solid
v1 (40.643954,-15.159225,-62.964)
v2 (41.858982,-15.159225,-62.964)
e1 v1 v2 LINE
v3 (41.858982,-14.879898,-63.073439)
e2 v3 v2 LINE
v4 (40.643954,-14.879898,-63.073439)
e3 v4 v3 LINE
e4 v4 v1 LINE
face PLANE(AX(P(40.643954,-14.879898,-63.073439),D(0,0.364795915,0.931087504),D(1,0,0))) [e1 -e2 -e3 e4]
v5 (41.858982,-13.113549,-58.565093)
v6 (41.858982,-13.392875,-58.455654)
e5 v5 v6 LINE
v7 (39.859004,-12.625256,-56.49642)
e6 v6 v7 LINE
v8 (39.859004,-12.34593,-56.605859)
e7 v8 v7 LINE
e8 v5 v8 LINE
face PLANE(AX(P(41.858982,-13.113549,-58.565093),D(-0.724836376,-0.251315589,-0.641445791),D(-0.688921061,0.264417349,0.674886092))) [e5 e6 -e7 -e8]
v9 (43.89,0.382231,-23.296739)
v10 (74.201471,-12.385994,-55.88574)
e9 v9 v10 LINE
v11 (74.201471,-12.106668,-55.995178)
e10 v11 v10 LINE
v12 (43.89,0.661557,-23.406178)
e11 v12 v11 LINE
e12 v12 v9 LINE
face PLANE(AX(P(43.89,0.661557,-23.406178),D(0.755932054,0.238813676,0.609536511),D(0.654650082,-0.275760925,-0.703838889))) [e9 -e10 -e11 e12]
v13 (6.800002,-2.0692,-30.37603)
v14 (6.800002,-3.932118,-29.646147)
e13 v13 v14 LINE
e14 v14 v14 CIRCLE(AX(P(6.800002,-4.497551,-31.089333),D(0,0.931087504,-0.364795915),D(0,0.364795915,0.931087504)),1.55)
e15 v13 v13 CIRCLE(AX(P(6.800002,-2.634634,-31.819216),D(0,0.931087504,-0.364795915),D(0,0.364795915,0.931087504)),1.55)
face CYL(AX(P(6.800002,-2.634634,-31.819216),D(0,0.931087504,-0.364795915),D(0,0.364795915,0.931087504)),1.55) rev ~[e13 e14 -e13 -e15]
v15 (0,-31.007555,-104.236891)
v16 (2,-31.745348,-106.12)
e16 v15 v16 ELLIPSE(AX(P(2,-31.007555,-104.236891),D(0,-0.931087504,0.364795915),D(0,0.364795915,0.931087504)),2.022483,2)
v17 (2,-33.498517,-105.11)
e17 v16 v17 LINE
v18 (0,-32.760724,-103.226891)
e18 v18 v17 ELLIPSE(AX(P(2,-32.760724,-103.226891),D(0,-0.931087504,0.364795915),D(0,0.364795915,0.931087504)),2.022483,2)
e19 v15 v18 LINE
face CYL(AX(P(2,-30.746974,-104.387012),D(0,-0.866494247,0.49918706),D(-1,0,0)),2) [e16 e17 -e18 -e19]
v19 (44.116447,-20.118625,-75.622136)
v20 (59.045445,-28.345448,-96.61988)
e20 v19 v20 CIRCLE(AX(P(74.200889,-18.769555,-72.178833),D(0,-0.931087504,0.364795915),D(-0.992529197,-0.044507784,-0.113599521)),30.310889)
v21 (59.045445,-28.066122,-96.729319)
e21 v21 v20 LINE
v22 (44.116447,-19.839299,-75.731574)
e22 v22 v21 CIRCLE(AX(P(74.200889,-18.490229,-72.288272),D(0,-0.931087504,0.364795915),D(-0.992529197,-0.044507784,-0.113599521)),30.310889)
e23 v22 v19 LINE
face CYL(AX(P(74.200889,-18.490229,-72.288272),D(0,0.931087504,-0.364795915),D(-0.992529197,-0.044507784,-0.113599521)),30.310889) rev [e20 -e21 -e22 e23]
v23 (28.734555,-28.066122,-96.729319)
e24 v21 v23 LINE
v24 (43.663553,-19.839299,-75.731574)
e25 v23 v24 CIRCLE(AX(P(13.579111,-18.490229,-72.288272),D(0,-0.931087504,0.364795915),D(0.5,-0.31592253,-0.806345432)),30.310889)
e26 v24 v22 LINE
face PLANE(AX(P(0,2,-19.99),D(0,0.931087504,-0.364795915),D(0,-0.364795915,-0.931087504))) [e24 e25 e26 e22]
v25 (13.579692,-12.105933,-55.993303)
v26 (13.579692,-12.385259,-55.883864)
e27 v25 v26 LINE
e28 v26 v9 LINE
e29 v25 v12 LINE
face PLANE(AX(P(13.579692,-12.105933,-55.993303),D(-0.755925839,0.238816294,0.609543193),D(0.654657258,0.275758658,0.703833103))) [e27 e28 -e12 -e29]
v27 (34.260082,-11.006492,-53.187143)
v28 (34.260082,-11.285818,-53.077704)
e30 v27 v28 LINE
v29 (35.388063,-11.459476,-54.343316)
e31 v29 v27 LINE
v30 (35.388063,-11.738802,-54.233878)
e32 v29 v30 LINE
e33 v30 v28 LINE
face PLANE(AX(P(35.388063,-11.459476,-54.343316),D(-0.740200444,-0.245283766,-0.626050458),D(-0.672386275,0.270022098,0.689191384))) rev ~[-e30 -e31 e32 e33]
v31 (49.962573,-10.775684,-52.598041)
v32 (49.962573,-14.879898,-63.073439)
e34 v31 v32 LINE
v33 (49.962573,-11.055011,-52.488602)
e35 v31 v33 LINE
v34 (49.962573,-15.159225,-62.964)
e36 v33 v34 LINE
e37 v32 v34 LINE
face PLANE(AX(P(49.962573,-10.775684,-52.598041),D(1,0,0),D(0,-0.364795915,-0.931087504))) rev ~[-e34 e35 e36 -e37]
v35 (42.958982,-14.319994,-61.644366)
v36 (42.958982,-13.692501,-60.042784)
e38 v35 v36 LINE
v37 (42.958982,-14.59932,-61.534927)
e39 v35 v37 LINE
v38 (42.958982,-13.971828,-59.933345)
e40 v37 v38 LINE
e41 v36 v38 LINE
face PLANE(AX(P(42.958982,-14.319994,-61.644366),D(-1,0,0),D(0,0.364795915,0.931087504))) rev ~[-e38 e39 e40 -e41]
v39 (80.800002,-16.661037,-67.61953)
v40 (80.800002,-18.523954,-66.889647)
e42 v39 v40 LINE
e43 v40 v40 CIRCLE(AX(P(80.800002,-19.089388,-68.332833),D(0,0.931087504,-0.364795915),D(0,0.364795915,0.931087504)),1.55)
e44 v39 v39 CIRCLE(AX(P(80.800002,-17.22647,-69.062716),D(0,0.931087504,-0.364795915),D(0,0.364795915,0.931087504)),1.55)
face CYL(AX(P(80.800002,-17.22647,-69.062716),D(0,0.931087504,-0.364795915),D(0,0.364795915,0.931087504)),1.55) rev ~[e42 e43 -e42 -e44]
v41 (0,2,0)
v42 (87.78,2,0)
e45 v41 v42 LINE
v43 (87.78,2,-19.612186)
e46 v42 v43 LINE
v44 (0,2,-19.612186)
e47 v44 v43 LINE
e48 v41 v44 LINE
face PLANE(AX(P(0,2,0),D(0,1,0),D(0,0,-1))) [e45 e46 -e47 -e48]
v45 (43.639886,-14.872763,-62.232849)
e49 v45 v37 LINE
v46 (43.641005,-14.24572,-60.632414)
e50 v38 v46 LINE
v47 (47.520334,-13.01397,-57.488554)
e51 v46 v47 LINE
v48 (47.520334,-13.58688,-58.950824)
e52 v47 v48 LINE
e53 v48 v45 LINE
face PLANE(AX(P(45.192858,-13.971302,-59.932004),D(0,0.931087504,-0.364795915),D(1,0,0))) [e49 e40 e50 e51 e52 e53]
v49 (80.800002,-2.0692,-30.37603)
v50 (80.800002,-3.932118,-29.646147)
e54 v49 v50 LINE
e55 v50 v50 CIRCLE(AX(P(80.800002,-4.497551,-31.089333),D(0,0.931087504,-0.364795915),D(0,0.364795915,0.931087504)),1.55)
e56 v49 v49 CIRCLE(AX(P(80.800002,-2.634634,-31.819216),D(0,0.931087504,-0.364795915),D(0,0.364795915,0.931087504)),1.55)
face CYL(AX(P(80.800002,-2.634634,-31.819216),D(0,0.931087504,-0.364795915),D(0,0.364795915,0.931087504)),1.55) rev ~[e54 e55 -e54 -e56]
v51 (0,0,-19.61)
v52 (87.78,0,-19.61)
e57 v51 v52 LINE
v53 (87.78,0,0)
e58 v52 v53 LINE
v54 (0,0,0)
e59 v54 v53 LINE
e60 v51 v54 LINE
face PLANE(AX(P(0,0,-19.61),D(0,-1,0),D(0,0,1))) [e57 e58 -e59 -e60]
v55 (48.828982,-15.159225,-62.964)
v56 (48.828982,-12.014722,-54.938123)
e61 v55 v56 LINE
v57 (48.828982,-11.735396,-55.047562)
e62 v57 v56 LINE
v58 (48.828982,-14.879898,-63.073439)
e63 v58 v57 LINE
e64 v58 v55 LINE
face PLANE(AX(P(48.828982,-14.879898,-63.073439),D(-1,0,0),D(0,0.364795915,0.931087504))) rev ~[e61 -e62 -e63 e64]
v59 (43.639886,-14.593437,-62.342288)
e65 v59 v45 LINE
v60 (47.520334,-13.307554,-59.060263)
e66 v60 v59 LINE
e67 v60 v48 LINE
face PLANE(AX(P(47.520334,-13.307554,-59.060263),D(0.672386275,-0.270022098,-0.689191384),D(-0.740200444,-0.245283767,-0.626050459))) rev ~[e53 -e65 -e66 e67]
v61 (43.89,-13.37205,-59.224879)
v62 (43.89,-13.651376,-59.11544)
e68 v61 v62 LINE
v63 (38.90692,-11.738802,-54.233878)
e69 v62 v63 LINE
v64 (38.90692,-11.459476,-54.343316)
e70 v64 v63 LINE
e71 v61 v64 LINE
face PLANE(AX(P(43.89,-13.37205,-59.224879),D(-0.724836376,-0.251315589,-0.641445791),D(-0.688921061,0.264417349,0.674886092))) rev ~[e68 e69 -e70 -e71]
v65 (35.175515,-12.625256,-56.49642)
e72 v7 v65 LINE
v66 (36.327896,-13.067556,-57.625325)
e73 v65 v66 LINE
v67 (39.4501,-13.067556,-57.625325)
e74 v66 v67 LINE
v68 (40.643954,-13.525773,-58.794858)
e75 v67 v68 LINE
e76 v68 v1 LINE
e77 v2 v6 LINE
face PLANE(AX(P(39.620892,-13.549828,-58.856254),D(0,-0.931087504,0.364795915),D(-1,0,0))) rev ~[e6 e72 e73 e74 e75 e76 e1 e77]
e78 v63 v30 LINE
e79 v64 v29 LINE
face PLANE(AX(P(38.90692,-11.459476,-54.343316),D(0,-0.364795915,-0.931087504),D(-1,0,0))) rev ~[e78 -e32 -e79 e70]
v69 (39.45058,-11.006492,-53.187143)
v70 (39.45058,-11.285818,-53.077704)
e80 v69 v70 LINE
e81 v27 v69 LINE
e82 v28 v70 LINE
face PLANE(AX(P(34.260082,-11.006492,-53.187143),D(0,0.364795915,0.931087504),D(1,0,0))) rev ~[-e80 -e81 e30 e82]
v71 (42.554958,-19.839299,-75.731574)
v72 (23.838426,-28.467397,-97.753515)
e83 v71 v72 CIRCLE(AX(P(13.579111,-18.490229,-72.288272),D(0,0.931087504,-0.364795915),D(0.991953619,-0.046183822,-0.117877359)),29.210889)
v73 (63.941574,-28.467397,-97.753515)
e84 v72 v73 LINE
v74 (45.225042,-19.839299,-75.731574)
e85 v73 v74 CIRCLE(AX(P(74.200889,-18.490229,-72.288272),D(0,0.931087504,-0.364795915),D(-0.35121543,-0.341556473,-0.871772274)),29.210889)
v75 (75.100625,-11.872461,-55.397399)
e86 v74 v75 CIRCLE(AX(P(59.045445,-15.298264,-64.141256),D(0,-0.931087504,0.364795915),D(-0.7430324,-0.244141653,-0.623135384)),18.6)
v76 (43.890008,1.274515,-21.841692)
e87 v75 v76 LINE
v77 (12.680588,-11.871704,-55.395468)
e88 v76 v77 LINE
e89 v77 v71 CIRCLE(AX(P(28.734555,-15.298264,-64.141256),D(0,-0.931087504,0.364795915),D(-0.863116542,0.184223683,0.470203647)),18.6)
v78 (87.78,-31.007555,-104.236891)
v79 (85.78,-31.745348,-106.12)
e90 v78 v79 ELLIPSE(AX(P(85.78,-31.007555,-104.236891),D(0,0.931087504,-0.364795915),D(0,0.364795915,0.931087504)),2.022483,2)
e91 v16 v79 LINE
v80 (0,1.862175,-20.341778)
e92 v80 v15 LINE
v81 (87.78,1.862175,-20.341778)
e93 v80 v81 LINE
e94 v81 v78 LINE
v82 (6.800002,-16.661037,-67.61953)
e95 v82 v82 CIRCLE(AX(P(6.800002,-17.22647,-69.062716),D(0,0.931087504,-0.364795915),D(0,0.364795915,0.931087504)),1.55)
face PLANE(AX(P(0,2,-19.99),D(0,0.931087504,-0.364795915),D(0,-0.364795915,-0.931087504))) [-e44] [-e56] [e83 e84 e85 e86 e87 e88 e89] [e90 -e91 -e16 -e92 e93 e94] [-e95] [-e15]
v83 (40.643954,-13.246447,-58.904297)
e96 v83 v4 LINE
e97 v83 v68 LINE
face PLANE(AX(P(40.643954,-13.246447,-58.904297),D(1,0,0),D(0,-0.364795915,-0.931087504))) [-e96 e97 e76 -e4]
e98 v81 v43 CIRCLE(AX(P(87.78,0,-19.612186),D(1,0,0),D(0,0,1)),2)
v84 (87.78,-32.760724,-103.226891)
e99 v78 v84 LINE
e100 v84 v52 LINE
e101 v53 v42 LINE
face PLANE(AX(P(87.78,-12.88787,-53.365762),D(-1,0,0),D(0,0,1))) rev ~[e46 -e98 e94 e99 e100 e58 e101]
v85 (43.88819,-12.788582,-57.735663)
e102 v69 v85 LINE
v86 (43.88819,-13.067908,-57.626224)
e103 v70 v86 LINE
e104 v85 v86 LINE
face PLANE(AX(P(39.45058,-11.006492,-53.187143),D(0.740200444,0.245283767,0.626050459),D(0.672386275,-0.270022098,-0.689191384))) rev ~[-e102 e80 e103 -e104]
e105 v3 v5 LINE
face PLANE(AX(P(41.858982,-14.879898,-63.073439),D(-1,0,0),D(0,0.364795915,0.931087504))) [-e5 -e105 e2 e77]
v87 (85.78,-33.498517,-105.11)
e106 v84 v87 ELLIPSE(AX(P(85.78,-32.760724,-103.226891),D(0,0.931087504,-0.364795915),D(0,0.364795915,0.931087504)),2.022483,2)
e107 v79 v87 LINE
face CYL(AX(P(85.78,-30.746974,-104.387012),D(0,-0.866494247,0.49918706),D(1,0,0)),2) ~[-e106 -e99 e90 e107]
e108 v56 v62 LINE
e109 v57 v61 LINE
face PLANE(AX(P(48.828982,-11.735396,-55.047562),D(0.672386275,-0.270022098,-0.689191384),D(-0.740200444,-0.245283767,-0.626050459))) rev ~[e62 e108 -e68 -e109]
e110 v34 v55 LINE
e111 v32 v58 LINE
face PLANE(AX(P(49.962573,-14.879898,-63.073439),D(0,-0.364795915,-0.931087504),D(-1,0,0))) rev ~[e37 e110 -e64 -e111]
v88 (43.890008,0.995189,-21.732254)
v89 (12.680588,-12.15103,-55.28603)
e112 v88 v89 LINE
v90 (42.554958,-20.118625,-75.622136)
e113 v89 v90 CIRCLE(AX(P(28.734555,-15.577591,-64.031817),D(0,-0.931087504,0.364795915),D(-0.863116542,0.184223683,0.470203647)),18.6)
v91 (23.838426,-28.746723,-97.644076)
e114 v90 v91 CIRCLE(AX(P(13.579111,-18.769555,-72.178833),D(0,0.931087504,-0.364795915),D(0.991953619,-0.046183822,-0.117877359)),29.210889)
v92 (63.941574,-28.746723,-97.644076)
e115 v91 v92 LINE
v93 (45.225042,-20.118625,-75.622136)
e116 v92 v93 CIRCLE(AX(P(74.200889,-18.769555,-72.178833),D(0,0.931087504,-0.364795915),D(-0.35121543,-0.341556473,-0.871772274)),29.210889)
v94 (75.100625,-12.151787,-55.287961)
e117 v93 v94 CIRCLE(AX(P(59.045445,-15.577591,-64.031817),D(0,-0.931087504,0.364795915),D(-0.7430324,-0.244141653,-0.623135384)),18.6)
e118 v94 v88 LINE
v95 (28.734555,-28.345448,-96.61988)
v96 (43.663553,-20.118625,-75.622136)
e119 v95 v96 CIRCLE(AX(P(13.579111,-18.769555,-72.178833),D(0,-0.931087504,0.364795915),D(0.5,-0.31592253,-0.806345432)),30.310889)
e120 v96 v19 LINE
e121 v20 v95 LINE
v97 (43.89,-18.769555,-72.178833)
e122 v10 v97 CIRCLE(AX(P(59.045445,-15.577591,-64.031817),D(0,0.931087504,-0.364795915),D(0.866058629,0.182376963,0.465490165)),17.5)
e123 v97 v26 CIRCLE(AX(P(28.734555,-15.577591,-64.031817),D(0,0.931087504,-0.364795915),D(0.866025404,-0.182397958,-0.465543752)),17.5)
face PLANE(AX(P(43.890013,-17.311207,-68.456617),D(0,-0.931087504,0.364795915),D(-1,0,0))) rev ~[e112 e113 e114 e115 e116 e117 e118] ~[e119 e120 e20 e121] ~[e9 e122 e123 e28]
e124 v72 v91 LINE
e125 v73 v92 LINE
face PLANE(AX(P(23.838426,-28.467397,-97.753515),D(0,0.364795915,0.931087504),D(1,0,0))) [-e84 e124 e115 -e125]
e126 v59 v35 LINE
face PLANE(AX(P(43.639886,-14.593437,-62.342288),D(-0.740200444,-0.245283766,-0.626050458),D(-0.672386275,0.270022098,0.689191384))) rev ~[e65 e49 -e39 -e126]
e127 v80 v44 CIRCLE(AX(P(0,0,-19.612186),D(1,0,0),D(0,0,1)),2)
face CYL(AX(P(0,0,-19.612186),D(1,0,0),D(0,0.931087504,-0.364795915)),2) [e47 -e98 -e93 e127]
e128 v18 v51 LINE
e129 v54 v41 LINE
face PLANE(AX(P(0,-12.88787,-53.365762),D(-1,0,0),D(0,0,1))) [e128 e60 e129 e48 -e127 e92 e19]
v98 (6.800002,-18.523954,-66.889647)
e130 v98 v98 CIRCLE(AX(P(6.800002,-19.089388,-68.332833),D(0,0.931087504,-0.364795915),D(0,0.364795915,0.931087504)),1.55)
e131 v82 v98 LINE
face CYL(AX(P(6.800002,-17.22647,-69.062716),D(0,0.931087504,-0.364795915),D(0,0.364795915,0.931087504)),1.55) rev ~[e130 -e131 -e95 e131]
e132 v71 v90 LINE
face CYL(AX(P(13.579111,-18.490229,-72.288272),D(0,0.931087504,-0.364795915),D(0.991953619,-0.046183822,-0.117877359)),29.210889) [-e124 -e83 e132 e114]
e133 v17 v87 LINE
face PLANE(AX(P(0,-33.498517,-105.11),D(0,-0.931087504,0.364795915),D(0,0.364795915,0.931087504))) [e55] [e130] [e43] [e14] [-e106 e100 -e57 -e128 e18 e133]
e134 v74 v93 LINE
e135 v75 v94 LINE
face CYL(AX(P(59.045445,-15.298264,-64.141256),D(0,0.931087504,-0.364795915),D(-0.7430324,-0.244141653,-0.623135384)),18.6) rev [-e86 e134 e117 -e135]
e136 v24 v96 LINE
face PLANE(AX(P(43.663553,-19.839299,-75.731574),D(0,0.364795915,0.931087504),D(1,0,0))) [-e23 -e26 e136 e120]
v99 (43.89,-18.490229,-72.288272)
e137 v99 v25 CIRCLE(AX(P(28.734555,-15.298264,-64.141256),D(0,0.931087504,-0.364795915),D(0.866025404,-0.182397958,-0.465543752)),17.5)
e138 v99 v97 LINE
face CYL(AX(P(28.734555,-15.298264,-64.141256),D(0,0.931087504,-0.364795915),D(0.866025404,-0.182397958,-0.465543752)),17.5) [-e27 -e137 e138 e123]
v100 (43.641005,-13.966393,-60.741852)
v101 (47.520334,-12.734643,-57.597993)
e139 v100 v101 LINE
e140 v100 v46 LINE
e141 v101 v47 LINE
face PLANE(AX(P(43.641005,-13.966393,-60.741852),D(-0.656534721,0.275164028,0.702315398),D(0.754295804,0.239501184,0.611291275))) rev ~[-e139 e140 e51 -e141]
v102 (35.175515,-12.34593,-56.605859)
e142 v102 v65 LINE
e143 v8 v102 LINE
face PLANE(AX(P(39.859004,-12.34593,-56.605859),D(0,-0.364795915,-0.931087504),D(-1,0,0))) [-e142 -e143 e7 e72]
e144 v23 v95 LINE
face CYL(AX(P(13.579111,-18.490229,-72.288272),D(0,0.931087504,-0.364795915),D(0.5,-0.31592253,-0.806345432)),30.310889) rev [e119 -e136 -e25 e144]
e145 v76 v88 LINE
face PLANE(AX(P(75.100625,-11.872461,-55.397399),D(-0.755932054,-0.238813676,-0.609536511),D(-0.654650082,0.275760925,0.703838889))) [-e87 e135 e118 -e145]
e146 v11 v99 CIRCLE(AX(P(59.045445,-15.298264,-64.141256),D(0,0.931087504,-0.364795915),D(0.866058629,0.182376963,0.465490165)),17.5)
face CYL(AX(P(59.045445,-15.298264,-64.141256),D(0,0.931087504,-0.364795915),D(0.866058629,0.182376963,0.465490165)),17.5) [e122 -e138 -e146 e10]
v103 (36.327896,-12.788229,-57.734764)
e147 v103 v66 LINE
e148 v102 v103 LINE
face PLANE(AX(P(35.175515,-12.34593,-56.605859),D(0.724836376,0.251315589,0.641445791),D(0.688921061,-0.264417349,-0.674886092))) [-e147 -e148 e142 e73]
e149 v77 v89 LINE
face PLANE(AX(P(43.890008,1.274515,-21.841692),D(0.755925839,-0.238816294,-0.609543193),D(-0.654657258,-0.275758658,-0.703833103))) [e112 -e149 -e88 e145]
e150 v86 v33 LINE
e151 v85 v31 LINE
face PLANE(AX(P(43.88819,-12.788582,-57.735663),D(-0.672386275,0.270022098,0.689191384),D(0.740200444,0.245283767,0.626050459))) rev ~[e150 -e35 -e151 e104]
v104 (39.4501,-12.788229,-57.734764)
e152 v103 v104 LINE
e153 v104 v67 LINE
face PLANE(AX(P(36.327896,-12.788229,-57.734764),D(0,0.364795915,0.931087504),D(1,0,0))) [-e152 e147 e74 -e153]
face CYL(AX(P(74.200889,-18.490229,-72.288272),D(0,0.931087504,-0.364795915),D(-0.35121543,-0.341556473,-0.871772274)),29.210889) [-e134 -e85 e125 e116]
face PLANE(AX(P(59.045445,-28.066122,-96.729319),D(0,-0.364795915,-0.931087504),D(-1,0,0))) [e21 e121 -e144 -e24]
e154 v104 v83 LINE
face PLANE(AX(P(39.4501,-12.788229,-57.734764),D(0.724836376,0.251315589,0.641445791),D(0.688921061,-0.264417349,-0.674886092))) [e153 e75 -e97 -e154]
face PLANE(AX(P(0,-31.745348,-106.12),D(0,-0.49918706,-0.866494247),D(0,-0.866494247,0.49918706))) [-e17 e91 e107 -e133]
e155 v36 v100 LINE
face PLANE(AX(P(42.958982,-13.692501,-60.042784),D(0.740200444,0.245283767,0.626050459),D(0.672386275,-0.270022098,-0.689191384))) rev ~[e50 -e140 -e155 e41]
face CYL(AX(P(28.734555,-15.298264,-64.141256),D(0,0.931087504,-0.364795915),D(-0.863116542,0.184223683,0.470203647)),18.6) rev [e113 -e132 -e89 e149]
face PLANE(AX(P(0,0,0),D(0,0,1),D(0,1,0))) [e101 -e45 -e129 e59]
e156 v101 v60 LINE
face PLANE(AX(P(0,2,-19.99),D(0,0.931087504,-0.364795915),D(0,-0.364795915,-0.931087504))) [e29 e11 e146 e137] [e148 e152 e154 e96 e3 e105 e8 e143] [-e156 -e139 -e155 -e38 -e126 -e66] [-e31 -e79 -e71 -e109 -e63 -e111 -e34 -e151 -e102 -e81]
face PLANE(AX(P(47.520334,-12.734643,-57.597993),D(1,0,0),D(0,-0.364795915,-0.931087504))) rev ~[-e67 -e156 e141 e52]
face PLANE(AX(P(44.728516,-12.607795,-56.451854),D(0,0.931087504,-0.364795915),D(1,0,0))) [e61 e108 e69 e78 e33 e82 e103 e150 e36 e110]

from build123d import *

# Parameters (mm, degrees)
RESSALTO_EXTRUS_O1_DEPTH = 87.78
ESBO_O2_R                = 1.55
CORTE_EXTRUS_O1_DEPTH    = 2.000797456
FILETE1_R                = 2
FILETE2_R                = 2
CORTE_EXTRUS_O2_DEPTH    = 0.3
CORTE_EXTRUS_O3_DEPTH    = 0.3


with BuildPart() as part:
    # Esboço1 → Ressalto-extrusão1 (new body)
    with BuildSketch(Plane(origin=(0, 0, 0), x_dir=(0, 0, -1), z_dir=(1, 0, 0))):
        Polygon((0, 2), (19.99, 2), (106.12, -31.745348352), (105.11, -33.498517173), (19.61, 0), (0, 0), align=None)
    extrude(amount=RESSALTO_EXTRUS_O1_DEPTH)

    # Esboço2 → Corte-extrusão1 (cut)
    with BuildSketch(Plane(origin=(0, 8.523589674, -3.33950427), x_dir=(1, 0, 0), z_dir=(0, 0.9310875040982999, -0.36479591515256676))):
        with Locations(Location((80.80000159, 30.587577749, 0), (0, 0, 270))):
            Circle(ESBO_O2_R)
        with Locations(Location((6.80000159, 30.587577749, 0), (0, 0, 270))):
            Circle(ESBO_O2_R)
        with Locations(Location((80.80000159, 70.587577749, 0), (0, 0, 270))):
            Circle(ESBO_O2_R)
        with Locations(Location((6.80000159, 70.587577749, 0), (0, 0, 270))):
            Circle(ESBO_O2_R)
    extrude(amount=-CORTE_EXTRUS_O1_DEPTH, mode=Mode.SUBTRACT)

    # Filete1
    filete1_edges = [part.edges().sort_by_distance(p)[0] for p in [
        (87.78, -32.621932763, -105.615),
        (0, -32.621932763, -105.615),
    ]]
    fillet(filete1_edges, radius=FILETE1_R)

    # Filete2
    filete2_edges = [part.edges().sort_by_distance(p)[0] for p in [
        (43.89, 2, -19.99),
    ]]
    fillet(filete2_edges, radius=FILETE2_R)

    # Esboço5 → Corte-extrusão2 (cut)
    with BuildSketch(Plane(origin=(0, 8.523589674, -3.33950427), x_dir=(1, 0, 0), z_dir=(0, 0.9310875040982999, -0.36479591515256676))):
        with BuildLine():
            ThreePointArc((42.554958064, 77.750017871), (36.485484967, 92.178478749), (23.83842585, 101.401866557))
            Line((23.83842585, 101.401866557), (63.94157415, 101.401866557))
            ThreePointArc((63.94157415, 101.401866557), (51.294515033, 92.178478749), (45.225041936, 77.750017871))
            ThreePointArc((45.225041936, 77.750017871), (70.022049562, 80.317662999), (75.100625445, 55.910851333))
            Line((75.100625445, 55.910851333), (43.890007976, 19.871588801))
            Line((43.890007976, 19.871588801), (12.680587753, 55.908777517))
            ThreePointArc((12.680587753, 55.908777517), (17.756980644, 80.316954028), (42.554958064, 77.750017871))
        make_face()
        with BuildLine():
            Line((59.045444566, 100.301866557), (28.734555434, 100.301866557))
            ThreePointArc((28.734555434, 100.301866557), (38.853768409, 90.783324538), (43.663553306, 77.750017871))
            Line((43.663553306, 77.750017871), (44.116446694, 77.750017871))
            ThreePointArc((44.116446694, 77.750017871), (48.926231591, 90.783324538), (59.045444566, 100.301866557))
        make_face(mode=Mode.SUBTRACT)
        with BuildLine():
            ThreePointArc((43.89, 74.051866557), (19.984051861, 80.457020374), (13.579692383, 56.550859421))
            Line((13.579692383, 56.550859421), (43.89, 21.551866557))
            Line((43.89, 21.551866557), (74.201470581, 56.552873732))
            ThreePointArc((74.201470581, 56.552873732), (67.794940984, 80.457601856), (43.89, 74.051866557))
        make_face(mode=Mode.SUBTRACT)
    extrude(amount=-CORTE_EXTRUS_O2_DEPTH, mode=Mode.SUBTRACT)

    # Logo_MF → Corte-extrusão3 (cut)
    with BuildSketch(Plane(origin=(0, 8.523589674, -3.33950427), x_dir=(1, 0, 0), z_dir=(0, 0.9310875040982999, -0.36479591515256676))):
        Polygon((49.962573353, 64.155016633), (48.8289818, 64.155016633), (48.8289818, 55.535121255), (43.89, 60.021613531), (38.906920465, 54.778752605), (35.388063353, 54.778752605), (34.260081833, 53.537007416), (39.45058041, 53.537007416), (43.888190467, 58.422176933), (49.962573353, 52.904304422), align=None)
        Polygon((47.520333519, 58.27431755), (47.520333519, 59.844814175), (43.63988582, 63.369750961), (42.9589818, 62.620173706), (42.9589818, 60.900053981), (43.641004718, 61.650862981), align=None)
        Polygon((41.8589818, 64.155016633), (41.8589818, 59.312995139), (39.859003533, 57.208752605), (35.175514937, 57.208752605), (36.327896381, 58.421210806), (39.450099751, 58.421210806), (40.643954402, 59.677304324), (40.643954402, 64.155016633), align=None)
    extrude(amount=-CORTE_EXTRUS_O3_DEPTH, mode=Mode.SUBTRACT)


solid = part.part
